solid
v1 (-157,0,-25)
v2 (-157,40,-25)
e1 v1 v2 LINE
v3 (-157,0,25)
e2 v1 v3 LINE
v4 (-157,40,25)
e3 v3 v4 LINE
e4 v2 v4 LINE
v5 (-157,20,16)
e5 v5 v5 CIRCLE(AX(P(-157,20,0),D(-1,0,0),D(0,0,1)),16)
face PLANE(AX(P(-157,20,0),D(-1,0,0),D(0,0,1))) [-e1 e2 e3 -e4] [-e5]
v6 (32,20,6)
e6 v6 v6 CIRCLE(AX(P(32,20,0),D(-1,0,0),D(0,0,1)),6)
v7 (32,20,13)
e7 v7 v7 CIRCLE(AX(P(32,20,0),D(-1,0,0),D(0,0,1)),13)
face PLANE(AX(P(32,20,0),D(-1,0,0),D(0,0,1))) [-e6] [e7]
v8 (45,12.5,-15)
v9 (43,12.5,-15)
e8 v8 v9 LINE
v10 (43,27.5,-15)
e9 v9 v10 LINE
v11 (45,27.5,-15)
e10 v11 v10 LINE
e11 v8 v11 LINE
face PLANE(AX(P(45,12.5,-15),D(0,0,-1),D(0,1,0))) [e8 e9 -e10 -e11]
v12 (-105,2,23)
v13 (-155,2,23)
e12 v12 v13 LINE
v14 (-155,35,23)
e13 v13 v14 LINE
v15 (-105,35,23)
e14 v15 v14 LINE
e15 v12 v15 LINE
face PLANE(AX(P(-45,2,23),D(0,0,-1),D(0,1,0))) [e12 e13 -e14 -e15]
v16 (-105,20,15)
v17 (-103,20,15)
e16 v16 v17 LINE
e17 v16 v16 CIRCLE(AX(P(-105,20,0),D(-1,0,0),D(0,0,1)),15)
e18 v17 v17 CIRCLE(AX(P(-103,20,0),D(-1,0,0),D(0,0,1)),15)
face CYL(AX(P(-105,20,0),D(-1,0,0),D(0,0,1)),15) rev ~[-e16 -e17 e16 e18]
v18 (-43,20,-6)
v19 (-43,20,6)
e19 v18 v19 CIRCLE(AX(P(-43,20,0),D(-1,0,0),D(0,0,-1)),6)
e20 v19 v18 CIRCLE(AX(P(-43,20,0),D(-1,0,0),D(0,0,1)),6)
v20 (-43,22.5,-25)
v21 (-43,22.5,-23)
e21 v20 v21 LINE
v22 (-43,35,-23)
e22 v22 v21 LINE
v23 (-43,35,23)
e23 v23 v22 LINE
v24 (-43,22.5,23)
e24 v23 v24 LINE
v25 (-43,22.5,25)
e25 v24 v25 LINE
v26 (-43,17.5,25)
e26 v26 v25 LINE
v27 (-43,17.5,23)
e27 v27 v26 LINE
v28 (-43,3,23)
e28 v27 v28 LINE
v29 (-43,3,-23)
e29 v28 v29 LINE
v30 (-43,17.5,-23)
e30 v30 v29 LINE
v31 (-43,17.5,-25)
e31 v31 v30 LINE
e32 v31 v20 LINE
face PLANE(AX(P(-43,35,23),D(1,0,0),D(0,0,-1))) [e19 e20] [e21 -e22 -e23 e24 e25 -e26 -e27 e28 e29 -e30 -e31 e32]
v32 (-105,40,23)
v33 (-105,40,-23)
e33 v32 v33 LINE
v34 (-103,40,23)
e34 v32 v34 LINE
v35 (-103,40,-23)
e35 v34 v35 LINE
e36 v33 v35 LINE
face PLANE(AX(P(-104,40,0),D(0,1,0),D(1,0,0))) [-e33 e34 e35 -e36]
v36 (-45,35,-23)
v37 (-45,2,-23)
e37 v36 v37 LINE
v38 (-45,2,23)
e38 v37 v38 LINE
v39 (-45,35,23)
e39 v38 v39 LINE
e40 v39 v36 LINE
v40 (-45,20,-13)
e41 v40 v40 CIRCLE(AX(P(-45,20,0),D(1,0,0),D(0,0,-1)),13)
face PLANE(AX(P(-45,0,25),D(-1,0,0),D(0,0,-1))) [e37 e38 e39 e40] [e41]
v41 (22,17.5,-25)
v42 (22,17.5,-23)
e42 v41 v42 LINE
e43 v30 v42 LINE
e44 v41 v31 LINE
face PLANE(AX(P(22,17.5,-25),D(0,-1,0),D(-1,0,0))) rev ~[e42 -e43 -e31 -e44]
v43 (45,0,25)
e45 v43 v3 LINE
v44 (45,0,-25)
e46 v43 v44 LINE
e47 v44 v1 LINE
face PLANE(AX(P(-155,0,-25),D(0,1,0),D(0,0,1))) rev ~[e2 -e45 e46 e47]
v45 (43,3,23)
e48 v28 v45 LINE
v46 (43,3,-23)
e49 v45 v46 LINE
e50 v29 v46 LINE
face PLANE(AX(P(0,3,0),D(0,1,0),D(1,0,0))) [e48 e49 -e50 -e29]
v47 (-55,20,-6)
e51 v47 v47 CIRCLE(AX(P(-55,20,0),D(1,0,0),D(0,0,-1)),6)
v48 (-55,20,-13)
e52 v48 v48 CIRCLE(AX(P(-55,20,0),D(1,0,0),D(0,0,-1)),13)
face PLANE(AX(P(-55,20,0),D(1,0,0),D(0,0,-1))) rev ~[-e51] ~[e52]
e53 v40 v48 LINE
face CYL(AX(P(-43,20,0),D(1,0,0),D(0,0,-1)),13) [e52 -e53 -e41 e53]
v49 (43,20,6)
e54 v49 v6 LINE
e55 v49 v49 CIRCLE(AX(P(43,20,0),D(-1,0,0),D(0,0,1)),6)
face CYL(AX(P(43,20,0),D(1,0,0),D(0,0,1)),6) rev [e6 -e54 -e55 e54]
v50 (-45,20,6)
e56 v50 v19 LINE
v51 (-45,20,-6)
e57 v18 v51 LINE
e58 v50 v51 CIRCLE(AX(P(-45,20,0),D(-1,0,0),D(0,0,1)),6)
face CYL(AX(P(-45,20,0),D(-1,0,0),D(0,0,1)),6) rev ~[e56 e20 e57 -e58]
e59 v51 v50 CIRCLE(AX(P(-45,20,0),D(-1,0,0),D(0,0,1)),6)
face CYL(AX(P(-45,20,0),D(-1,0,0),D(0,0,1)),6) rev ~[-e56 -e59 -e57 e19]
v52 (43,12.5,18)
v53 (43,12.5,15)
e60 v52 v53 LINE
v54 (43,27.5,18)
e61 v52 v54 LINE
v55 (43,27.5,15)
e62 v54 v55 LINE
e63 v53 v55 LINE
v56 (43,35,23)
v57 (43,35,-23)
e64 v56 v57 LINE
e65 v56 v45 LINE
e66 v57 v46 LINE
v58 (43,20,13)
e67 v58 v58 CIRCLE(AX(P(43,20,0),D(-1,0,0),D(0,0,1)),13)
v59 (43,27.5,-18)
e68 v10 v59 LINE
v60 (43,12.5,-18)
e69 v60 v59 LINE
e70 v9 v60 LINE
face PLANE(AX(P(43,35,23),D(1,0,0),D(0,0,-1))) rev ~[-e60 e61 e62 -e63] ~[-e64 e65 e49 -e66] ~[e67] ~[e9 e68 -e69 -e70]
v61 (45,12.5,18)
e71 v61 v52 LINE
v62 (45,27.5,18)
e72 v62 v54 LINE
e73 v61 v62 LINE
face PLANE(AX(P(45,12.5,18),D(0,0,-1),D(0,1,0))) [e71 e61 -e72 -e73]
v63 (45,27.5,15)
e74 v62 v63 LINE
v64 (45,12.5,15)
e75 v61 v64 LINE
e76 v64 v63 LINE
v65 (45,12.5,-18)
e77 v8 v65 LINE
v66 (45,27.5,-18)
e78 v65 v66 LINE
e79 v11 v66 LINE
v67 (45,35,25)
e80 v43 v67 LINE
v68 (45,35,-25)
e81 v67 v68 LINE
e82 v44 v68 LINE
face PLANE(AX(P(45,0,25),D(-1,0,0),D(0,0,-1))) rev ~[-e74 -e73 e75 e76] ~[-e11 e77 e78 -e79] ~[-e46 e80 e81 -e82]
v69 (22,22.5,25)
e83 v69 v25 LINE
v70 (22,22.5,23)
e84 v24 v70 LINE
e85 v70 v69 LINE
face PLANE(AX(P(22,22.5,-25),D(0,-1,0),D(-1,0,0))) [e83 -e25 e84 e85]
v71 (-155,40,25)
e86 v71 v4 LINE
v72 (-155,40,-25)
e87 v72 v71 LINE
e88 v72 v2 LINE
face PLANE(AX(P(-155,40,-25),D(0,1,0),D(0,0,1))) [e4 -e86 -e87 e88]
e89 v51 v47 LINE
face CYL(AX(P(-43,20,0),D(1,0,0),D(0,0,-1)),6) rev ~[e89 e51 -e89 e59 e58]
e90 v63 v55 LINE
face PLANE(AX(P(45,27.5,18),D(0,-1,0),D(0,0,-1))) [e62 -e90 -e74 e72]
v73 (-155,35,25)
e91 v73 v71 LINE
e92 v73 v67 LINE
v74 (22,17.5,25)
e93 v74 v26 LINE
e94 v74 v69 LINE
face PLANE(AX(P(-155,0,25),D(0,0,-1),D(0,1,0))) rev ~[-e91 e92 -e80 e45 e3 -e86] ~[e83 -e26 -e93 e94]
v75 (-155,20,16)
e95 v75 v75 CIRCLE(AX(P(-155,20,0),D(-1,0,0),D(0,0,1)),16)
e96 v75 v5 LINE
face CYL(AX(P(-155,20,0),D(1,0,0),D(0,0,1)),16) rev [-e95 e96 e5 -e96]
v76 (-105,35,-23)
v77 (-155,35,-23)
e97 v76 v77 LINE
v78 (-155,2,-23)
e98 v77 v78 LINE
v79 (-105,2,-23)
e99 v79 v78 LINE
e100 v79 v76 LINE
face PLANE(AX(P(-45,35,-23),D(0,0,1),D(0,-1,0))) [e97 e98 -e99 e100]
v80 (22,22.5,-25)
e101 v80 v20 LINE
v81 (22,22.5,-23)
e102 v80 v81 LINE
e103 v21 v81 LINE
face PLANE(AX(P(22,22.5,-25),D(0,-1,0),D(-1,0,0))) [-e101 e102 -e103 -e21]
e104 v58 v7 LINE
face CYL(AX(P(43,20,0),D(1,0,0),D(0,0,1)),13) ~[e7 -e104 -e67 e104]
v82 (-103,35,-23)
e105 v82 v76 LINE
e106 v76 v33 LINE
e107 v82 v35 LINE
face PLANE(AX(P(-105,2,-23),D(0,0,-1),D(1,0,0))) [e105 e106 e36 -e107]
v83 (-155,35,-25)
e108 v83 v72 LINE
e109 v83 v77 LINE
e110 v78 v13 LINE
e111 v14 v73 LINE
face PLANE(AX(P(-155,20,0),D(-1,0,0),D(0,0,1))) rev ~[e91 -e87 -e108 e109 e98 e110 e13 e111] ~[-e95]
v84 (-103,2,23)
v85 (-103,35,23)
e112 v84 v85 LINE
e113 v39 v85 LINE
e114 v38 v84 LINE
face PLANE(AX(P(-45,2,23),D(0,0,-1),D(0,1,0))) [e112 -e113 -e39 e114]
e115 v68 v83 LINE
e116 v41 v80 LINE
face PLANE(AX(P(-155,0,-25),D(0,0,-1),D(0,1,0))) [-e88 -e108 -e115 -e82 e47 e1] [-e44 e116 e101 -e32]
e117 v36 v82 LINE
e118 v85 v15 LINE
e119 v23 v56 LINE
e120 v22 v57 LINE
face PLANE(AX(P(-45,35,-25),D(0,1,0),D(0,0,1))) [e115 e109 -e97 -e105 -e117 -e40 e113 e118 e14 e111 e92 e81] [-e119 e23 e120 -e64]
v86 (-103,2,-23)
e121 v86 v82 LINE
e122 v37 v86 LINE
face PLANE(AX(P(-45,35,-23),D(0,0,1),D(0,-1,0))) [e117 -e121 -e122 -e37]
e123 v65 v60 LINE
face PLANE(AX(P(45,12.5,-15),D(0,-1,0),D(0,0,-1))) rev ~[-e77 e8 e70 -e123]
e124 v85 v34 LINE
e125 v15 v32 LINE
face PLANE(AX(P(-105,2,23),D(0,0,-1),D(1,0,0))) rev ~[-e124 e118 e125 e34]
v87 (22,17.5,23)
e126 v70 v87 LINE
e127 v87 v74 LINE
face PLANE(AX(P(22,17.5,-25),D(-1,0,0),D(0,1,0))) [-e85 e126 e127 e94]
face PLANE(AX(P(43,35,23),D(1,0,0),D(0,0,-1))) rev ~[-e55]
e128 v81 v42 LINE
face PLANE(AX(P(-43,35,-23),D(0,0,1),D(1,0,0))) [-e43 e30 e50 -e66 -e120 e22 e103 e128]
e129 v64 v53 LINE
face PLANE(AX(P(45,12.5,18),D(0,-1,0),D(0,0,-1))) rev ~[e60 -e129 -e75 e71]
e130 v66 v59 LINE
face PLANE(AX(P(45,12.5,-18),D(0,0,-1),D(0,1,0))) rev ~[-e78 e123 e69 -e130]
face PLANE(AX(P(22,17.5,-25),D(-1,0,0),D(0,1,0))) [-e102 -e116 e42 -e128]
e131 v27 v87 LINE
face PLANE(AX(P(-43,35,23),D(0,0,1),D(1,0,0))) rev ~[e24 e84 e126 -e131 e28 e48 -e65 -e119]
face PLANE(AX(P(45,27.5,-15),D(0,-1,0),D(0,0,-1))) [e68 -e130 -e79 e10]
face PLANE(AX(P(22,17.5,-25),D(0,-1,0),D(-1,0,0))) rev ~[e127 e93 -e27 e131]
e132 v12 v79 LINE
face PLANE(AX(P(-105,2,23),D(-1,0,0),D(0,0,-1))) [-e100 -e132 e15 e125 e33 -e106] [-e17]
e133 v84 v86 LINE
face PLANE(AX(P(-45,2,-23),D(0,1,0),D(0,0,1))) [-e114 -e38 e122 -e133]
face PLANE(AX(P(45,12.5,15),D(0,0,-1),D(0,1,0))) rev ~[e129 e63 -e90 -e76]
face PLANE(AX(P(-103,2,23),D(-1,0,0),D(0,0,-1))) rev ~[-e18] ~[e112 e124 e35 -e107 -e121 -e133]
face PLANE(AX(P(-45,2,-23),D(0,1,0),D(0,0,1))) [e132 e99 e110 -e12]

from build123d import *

# Parameters (mm, degrees)
SKETCH_1_W          = 90
SKETCH_1_H          = 50
EXTRUDE_1_DEPTH     = 35
SKETCH_2_W          = 86
SKETCH_2_H          = 46
CUT_EXTRUDE_1_DEPTH = 32
SKETCH_3_R          = 6
CUT_EXTRUDE_2_DEPTH = 2
SKETCH_4_R          = 13
SKETCH_4_R_2        = 6
EXTRUDE_2_DEPTH     = 11
SKETCH_5_R          = 13
SKETCH_5_R_2        = 6
EXTRUDE_4_DEPTH     = 12
SKETCH_6_W          = 65
SKETCH_6_H          = 5
CUT_EXTRUDE_3_DEPTH = 51
SKETCH_7_W          = 3
SKETCH_7_H          = 15
CUT_EXTRUDE_4_DEPTH = 30
EXTRUDE_5_DEPTH     = 110
SKETCH_9_W          = 50
SKETCH_9_H          = 40
SKETCH_9_R          = 16
EXTRUDE_6_DEPTH     = 2
SKETCH_10_W         = 2
SKETCH_10_H         = 46
EXTRUDE_7_DEPTH     = 38
SKETCH_11_R         = 15
CUT_EXTRUDE_5_DEPTH = 10


with BuildPart() as part:
    # 草圖1 → 填料-伸長1 (new body)
    with BuildSketch(Plane(origin=(0, 0, 0), x_dir=(1, 0, 0), z_dir=(0, 1, 0))):
        Rectangle(SKETCH_1_W, SKETCH_1_H)
    extrude(amount=EXTRUDE_1_DEPTH)

    # 草圖2 → 除料-伸長1 (cut)
    with BuildSketch(Plane(origin=(0, 35, 0), x_dir=(1, 0, 0), z_dir=(0, 1, 0))):
        Rectangle(SKETCH_2_W, SKETCH_2_H)
    extrude(amount=-CUT_EXTRUDE_1_DEPTH, mode=Mode.SUBTRACT)

    # 草圖3 → 除料-伸長2 (cut)
    with BuildSketch(Plane.ZY.offset(45)):
        with Locations((0, 20)):
            Circle(SKETCH_3_R)
    extrude(amount=-CUT_EXTRUDE_2_DEPTH, mode=Mode.SUBTRACT)

    # 草圖4 → 填料-伸長2 (add)
    with BuildSketch(Plane.ZY.offset(-43)):
        with Locations((0, 20)):
            Circle(SKETCH_4_R)
        with Locations((0, 20)):
            Circle(SKETCH_4_R_2, mode=Mode.SUBTRACT)
    extrude(amount=EXTRUDE_2_DEPTH)

    # 草圖5 → 填料-伸長4 (add)
    with BuildSketch(Plane(origin=(-43, 0, 0), x_dir=(0, 0, -1), z_dir=(1, 0, 0))):
        with Locations((0, 20)):
            Circle(SKETCH_5_R)
        with Locations((0, 20)):
            Circle(SKETCH_5_R_2, mode=Mode.SUBTRACT)
    extrude(amount=-EXTRUDE_4_DEPTH)

    # 草圖6 → 除料-伸長3 (cut, through all)
    with BuildSketch(Plane(origin=(0, 0, -25), x_dir=(-1, 0, 0), z_dir=(0, 0, -1))):
        with Locations((10.5, 20)):
            Rectangle(SKETCH_6_W, SKETCH_6_H)
    extrude(amount=-CUT_EXTRUDE_3_DEPTH, mode=Mode.SUBTRACT)

    # 草圖7 → 除料-伸長4 (cut)
    with BuildSketch(Plane(origin=(45, 0, 0), x_dir=(0, 0, -1), z_dir=(1, 0, 0))):
        with Locations((-16.5, 20)):
            Rectangle(SKETCH_7_W, SKETCH_7_H)
        with Locations((16.5, 20)):
            Rectangle(SKETCH_7_W, SKETCH_7_H)
    extrude(amount=-CUT_EXTRUDE_4_DEPTH, mode=Mode.SUBTRACT)

    # 草圖8 → 填料-伸長5 (add)
    with BuildSketch(Plane.ZY.offset(45)):
        Polygon((-25, 35), (-23, 35), (-23, 2), (23, 2), (23, 35), (25, 35), (25, 0), (23, 0), (-23, 0), (-25, 0), align=None)
    extrude(amount=EXTRUDE_5_DEPTH)

    # 草圖9 → 填料-伸長6 (add)
    with BuildSketch(Plane.ZY.offset(155)):
        with Locations((0, 20)):
            Rectangle(SKETCH_9_W, SKETCH_9_H)
        with Locations((0, 20)):
            Circle(SKETCH_9_R, mode=Mode.SUBTRACT)
    extrude(amount=EXTRUDE_6_DEPTH)

    # 草圖10 → 填料-伸長7 (add)
    with BuildSketch(Plane(origin=(0, 2, 0), x_dir=(1, 0, 0), z_dir=(0, 1, 0))):
        with Locations((-104, 0)):
            Rectangle(SKETCH_10_W, SKETCH_10_H)
    extrude(amount=EXTRUDE_7_DEPTH)

    # 草圖11 → 除料-伸長5 (cut)
    with BuildSketch(Plane.ZY.offset(105)):
        with Locations((0, 20)):
            Circle(SKETCH_11_R)
    extrude(amount=-CUT_EXTRUDE_5_DEPTH, mode=Mode.SUBTRACT)


solid = part.part
